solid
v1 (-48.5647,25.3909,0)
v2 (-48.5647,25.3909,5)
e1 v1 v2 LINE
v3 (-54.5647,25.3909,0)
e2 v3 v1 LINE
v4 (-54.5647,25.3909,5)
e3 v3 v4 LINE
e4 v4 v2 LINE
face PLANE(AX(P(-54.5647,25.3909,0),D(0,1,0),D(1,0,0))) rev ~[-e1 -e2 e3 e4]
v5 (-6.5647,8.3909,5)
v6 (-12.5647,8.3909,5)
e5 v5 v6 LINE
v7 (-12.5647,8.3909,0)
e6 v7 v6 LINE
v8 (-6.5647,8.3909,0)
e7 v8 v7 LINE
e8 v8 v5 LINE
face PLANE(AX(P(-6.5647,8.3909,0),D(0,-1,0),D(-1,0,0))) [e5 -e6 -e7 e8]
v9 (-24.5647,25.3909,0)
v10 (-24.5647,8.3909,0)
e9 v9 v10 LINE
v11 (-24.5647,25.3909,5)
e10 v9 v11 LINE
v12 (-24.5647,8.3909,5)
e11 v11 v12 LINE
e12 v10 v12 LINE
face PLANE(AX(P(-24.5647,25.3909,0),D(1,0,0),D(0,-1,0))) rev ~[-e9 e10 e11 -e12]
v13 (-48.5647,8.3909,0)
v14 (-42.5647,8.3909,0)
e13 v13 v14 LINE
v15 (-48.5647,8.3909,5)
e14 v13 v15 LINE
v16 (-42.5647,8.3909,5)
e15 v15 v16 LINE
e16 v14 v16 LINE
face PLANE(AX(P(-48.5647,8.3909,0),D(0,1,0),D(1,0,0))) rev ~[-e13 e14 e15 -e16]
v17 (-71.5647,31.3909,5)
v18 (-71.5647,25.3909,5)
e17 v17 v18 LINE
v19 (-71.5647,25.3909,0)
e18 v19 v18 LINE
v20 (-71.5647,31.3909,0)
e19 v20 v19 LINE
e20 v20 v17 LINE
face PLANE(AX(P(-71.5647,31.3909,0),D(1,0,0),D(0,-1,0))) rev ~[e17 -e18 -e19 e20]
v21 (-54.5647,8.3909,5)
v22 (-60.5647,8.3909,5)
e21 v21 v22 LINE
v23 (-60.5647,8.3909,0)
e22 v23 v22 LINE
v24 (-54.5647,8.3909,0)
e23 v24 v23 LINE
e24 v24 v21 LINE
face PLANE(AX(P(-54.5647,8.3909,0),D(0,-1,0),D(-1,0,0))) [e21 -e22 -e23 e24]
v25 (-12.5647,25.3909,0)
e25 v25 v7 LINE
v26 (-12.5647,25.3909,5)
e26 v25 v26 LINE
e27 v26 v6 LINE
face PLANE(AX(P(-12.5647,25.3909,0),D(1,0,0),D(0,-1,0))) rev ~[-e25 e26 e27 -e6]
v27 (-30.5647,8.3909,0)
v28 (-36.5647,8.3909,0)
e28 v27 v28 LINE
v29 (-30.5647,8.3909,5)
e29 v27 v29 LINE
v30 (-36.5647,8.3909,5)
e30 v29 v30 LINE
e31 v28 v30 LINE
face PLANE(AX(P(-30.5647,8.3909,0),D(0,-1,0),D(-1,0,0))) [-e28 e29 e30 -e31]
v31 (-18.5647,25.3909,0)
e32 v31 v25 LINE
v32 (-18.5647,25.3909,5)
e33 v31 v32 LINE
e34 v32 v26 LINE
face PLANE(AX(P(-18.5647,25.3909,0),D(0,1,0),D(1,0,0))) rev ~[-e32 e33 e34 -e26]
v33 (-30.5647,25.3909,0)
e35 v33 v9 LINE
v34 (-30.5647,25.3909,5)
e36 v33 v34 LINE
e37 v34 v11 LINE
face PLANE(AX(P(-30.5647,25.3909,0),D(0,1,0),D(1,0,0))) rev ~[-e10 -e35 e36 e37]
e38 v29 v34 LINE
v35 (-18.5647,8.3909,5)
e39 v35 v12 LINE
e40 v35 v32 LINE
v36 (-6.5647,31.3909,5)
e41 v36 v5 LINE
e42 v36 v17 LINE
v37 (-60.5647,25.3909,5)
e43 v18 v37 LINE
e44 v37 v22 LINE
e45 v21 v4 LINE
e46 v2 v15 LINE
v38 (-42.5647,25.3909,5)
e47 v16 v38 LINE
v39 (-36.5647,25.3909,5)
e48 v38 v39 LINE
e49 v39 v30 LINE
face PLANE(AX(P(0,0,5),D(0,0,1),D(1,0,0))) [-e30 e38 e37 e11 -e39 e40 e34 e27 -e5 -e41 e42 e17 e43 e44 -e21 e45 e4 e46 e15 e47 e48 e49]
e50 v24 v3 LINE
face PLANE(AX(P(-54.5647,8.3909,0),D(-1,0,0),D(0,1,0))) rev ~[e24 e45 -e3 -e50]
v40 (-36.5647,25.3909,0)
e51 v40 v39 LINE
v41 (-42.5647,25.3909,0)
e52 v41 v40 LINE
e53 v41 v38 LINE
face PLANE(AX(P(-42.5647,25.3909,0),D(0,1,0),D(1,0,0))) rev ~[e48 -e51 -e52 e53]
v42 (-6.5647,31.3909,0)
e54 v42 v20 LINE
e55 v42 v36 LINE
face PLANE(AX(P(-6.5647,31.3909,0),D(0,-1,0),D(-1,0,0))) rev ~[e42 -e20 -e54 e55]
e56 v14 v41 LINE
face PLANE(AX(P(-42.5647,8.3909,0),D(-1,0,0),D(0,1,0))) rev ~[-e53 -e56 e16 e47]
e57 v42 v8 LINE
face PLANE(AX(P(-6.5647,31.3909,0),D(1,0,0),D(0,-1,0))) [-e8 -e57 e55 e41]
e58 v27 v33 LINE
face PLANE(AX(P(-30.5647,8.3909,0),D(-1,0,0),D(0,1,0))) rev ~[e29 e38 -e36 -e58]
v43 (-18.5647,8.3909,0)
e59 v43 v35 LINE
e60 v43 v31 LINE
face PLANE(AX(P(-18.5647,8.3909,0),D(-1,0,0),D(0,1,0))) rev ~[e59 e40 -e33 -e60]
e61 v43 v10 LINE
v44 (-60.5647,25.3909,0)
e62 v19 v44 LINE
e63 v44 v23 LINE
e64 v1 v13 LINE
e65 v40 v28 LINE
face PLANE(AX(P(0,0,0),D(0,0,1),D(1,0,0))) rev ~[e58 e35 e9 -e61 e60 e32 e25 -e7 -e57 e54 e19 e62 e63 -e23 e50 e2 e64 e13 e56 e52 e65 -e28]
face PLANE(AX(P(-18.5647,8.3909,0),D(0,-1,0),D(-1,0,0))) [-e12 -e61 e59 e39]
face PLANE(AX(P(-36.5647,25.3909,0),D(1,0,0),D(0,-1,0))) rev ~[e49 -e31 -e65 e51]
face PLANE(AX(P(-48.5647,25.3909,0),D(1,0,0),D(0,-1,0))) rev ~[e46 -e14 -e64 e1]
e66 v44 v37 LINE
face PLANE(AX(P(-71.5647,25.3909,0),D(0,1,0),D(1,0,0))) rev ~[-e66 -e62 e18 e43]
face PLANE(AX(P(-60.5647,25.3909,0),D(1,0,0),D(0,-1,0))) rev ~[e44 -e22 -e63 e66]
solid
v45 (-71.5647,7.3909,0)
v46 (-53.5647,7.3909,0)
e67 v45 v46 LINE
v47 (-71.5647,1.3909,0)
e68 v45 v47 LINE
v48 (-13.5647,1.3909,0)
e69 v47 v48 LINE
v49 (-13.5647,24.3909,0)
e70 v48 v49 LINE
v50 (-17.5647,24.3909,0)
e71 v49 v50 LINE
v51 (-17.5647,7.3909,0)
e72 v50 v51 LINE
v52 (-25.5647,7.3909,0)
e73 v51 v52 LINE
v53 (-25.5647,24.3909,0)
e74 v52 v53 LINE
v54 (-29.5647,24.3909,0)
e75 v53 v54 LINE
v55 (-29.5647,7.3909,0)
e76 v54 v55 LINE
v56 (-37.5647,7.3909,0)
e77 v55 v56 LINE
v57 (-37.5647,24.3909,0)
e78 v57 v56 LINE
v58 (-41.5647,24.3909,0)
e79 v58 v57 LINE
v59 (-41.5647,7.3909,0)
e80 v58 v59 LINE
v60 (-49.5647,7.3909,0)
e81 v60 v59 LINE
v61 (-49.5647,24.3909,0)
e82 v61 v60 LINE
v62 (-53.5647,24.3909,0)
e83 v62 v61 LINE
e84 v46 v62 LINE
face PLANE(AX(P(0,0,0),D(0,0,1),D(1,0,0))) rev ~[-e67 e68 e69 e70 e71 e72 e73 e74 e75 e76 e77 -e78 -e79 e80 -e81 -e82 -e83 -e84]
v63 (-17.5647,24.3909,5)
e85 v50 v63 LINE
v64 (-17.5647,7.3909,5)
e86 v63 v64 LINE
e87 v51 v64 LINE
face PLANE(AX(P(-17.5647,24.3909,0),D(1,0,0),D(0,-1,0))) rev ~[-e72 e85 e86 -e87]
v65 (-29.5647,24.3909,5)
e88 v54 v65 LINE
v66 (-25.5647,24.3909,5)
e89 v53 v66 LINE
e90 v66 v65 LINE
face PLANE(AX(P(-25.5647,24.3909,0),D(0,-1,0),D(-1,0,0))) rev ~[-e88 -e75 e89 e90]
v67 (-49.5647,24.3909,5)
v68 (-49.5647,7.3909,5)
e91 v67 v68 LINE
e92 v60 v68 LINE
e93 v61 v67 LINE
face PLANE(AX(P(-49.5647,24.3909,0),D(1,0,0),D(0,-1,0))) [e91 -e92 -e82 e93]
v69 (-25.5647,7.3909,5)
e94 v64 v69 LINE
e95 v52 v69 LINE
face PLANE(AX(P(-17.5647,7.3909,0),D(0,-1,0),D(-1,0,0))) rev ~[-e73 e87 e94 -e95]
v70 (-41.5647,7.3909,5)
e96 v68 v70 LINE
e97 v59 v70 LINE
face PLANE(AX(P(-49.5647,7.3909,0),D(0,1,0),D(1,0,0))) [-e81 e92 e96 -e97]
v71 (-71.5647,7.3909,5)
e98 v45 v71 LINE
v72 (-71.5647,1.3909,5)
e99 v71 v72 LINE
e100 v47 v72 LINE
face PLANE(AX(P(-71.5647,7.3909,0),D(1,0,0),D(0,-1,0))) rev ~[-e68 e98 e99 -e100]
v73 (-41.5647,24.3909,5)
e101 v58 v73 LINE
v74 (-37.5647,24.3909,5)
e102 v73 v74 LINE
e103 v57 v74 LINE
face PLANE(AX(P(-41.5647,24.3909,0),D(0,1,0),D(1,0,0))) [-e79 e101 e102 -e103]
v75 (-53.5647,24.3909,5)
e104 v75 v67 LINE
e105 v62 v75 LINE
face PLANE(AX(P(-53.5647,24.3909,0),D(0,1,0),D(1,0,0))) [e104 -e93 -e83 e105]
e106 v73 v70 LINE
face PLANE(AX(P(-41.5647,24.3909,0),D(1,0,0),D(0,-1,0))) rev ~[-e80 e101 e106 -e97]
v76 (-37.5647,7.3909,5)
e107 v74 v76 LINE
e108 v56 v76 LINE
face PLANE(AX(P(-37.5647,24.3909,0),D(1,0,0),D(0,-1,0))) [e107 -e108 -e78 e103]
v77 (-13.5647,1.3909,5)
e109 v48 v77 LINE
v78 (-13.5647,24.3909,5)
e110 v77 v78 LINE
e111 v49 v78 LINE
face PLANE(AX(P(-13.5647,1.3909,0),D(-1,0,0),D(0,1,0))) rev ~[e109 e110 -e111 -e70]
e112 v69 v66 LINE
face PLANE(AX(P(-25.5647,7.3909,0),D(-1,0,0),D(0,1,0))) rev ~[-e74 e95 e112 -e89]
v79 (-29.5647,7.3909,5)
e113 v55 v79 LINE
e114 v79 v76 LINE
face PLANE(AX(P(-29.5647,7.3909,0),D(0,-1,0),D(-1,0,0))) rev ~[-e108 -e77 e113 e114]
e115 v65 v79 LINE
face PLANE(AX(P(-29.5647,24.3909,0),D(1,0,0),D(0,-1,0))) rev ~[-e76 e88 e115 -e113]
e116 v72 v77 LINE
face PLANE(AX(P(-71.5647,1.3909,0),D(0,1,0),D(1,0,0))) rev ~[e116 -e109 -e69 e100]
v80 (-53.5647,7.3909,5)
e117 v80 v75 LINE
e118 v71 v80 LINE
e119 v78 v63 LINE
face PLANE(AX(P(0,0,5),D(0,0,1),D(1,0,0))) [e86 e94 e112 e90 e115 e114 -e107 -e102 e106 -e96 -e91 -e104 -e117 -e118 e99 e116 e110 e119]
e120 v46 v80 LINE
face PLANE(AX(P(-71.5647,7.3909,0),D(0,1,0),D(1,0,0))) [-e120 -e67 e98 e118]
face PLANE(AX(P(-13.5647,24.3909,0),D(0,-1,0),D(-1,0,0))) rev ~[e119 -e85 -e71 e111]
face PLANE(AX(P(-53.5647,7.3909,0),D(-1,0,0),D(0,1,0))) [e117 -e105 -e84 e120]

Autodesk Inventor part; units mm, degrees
ref_plane "YZ Plane" through (0, 0, 0) normal (1, 0, 0) x (0, 1, 0)
ref_plane "XZ Plane" through (0, 0, 0) normal (0, 1, 0) x (-1, 0, 0)
ref_plane "XY Plane" through (0, 0, 0) normal (0, 0, 1) x (1, 0, 0)
sketch "Sketch1" plane through (0, 0, 0) normal (0, 0, 1) x (1, 0, 0)
  line L0 (-6.5647, 31.3909) -> (-6.5647, 8.3909)
  line L1 (-6.5647, 8.3909) -> (-12.5647, 8.3909)
  line L2 (-18.5647, 8.3909) -> (-24.5647, 8.3909)
  line L3 (-30.5647, 8.3909) -> (-36.5647, 8.3909)
  line L4 (-54.5647, 8.3909) -> (-60.5647, 8.3909)
  line L5 (-6.5647, 31.3909) -> (-71.5647, 31.3909)
  line L6 (-71.5647, 31.3909) -> (-71.5647, 25.3909)
  line L7 (-71.5647, 25.3909) -> (-60.5647, 25.3909)
  line L8 (-60.5647, 25.3909) -> (-60.5647, 8.3909)
  line L9 (-54.5647, 8.3909) -> (-54.5647, 25.3909)
  line L10 (-54.5647, 25.3909) -> (-48.5647, 25.3909)
  line L11 (-48.5647, 25.3909) -> (-48.5647, 8.3909)
  line L12 (-48.5647, 8.3909) -> (-42.5647, 8.3909)
  line L13 (-42.5647, 8.3909) -> (-42.5647, 25.3909)
  line L14 (-42.5647, 25.3909) -> (-36.5647, 25.3909)
  line L15 (-36.5647, 25.3909) -> (-36.5647, 8.3909)
  line L16 (-30.5647, 8.3909) -> (-30.5647, 25.3909)
  line L17 (-30.5647, 25.3909) -> (-24.5647, 25.3909)
  line L18 (-24.5647, 25.3909) -> (-24.5647, 8.3909)
  line L19 (-18.5647, 8.3909) -> (-18.5647, 25.3909)
  line L20 (-18.5647, 25.3909) -> (-12.5647, 25.3909)
  line L21 (-12.5647, 25.3909) -> (-12.5647, 8.3909)
  line L22 (-71.5647, 7.3909) -> (-71.5647, 1.3909)
  line L23 (-53.5647, 7.3909) -> (-53.5647, 24.3909)
  line L24 (-53.5647, 24.3909) -> (-49.5647, 24.3909)
  line L25 (-49.5647, 24.3909) -> (-49.5647, 7.3909)
  line L26 (-49.5647, 7.3909) -> (-49.5647, 7.3909)
  line L27 (-49.5647, 7.3909) -> (-41.5647, 7.3909)
  line L28 (-41.5647, 24.3909) -> (-37.5647, 24.3909)
  line L29 (-37.5647, 24.3909) -> (-37.5647, 7.3909)
  line L30 (-13.5647, 1.3909) -> (-13.5647, 24.3909)
  line L31 (-13.5647, 24.3909) -> (-17.5647, 24.3909)
  line L32 (-17.5647, 24.3909) -> (-17.5647, 7.3909)
  line L33 (-17.5647, 7.3909) -> (-25.5647, 7.3909)
  line L34 (-25.5647, 7.3909) -> (-25.5647, 24.3909)
  line L35 (-25.5647, 24.3909) -> (-29.5647, 24.3909)
  line L36 (-29.5647, 24.3909) -> (-29.5647, 7.3909)
  line L37 (-29.5647, 7.3909) -> (-37.5647, 7.3909)
  line L38 (-71.5647, 1.3909) -> (-13.5647, 1.3909)
  line L39 (-41.5647, 24.3909) -> (-41.5647, 7.3909)
  line L40 (-71.5647, 7.3909) -> (-53.5647, 7.3909)
  point P0 (0, 0)
  point P1 (-39.0647, 31.3909)
  point P2 (-15.5647, 24.3909)
  dimension "d119" = 6
  dimension "d120" = 6
  dimension "d121" = 17
  dimension "d122" = 23
  dimension "d124" = 65
  dimension "d127" = 31.3909
  dimension "d128" = 71.5648
  dimension "d129" = 6
  dimension "d131" = 6
  dimension "d132" = 1
extrude "Extrusion1" add sketch "Sketch1" along normal blind 5
properties part number "Sensor"
